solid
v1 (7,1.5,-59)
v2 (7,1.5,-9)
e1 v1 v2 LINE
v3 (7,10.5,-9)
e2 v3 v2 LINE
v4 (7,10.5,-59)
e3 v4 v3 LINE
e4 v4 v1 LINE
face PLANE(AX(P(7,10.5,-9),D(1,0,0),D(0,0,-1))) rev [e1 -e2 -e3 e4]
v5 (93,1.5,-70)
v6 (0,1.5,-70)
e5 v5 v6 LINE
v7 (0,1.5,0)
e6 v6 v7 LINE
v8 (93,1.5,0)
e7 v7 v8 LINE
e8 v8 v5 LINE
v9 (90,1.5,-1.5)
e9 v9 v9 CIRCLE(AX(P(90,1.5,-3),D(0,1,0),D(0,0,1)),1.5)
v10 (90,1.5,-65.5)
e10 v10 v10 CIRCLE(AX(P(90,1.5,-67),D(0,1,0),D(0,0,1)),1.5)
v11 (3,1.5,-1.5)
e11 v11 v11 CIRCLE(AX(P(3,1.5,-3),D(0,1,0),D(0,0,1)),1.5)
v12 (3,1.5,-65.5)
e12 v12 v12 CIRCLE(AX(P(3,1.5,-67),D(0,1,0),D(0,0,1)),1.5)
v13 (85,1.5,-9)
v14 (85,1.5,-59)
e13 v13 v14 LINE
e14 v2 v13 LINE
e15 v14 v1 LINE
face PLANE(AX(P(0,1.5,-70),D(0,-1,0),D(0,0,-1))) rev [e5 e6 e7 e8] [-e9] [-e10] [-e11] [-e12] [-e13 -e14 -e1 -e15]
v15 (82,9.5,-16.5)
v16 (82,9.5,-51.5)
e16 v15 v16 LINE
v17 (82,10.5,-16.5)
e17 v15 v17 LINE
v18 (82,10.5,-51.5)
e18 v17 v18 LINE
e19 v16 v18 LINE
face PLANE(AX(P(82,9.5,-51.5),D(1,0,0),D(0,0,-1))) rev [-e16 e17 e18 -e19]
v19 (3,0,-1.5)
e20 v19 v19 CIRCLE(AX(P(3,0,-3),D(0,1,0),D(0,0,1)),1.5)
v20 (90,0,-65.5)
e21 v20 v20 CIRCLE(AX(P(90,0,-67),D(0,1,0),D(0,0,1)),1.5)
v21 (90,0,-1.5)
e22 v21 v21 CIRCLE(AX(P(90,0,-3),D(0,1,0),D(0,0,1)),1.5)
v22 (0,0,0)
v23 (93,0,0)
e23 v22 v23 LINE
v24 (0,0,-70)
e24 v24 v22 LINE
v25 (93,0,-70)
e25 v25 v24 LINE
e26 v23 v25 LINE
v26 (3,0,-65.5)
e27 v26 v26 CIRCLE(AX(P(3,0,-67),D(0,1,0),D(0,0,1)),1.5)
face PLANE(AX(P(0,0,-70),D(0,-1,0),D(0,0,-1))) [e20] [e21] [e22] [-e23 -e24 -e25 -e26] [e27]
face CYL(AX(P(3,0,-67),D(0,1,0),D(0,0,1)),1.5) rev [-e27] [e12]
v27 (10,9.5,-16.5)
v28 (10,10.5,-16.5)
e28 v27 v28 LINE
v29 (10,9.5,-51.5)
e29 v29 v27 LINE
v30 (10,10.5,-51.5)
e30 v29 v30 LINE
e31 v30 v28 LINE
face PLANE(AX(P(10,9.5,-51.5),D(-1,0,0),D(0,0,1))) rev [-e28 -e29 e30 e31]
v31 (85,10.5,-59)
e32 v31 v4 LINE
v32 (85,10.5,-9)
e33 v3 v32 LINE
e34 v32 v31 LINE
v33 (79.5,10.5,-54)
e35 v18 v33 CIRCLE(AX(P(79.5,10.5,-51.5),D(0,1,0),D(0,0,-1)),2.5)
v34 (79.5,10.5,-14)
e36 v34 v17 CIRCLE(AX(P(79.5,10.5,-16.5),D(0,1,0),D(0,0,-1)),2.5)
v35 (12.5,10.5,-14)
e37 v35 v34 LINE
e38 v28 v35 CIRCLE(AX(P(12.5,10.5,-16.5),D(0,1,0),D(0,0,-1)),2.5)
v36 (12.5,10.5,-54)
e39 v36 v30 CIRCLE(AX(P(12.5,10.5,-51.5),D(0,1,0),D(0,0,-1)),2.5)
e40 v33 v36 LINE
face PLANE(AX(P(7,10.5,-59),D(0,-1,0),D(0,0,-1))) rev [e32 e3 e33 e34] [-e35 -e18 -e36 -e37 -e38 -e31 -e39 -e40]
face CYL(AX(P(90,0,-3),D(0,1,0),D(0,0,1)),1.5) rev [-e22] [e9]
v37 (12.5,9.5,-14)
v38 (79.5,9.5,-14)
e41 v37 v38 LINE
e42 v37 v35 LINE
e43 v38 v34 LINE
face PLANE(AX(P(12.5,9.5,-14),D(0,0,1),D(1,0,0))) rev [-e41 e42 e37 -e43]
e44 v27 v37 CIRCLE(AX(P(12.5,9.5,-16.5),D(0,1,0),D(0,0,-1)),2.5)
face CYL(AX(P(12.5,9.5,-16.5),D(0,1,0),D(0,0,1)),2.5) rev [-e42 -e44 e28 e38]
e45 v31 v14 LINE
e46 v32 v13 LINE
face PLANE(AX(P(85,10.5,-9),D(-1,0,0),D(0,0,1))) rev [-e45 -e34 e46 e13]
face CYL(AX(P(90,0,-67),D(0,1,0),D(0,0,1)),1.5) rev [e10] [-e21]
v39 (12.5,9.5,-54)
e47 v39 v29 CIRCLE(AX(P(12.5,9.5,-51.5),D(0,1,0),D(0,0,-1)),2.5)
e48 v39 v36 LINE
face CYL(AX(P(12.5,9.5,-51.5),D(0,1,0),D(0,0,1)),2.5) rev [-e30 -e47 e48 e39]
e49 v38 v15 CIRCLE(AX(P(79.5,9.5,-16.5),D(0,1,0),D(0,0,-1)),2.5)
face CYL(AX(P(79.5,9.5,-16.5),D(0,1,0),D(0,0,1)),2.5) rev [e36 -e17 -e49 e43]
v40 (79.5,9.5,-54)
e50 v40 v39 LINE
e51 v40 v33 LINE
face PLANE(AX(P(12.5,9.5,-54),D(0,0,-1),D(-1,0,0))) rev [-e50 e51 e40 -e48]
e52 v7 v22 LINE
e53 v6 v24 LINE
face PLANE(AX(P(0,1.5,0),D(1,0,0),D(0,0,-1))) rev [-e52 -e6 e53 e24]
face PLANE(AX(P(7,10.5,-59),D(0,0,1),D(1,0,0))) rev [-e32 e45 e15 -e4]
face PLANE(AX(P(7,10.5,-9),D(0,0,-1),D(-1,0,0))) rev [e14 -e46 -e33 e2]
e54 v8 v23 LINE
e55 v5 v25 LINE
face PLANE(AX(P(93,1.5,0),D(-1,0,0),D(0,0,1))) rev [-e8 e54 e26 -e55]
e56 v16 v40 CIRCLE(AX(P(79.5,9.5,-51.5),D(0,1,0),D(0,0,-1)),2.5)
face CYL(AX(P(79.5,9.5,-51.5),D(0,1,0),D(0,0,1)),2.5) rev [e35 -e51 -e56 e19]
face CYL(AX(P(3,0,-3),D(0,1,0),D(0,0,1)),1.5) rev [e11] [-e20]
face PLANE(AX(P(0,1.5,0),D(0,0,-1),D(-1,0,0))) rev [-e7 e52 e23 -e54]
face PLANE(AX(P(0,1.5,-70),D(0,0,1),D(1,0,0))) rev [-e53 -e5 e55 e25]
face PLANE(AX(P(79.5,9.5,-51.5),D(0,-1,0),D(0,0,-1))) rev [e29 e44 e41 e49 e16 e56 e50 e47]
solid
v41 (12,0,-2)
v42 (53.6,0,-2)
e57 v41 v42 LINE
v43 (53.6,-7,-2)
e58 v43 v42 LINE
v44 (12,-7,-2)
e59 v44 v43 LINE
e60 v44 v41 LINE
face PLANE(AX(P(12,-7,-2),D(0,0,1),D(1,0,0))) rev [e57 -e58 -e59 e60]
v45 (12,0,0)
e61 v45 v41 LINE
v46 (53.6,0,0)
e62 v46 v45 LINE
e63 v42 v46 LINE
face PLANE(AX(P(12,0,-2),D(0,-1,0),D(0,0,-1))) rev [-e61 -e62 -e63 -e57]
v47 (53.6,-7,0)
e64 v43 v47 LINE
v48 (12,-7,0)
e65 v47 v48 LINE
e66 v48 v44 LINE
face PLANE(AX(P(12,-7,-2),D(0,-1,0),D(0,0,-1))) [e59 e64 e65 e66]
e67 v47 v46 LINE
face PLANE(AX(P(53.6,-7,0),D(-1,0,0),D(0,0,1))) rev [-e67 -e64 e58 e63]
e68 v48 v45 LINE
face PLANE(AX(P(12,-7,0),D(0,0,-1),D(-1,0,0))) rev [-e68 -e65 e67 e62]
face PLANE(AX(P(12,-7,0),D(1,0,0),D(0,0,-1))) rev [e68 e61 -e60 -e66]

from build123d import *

# Parameters (mm, degrees)
SKETCH1_W           = 93
SKETCH1_H           = 70
BOSS_EXTRUDE1_DEPTH = 1.5
SKETCH2_W           = 78
SKETCH2_H           = 50
BOSS_EXTRUDE2_DEPTH = 9
CUT_EXTRUDE1_DEPTH  = 1
SKETCH4_R           = 1.5
CUT_EXTRUDE2_DEPTH  = 117.747590982
SKETCH5_W           = 41.6
SKETCH5_H           = 2
BOSS_EXTRUDE3_DEPTH = 7


with BuildPart() as part:
    # Sketch1 → Boss-Extrude1 (new body)
    with BuildSketch(Plane(origin=(0, 0, 0), x_dir=(1, 0, 0), z_dir=(0, 1, 0))):
        with Locations((46.5, 35)):
            Rectangle(SKETCH1_W, SKETCH1_H)
    extrude(amount=BOSS_EXTRUDE1_DEPTH)

    # Sketch2 → Boss-Extrude2 (add)
    with BuildSketch(Plane(origin=(0, 1.5, 0), x_dir=(1, 0, 0), z_dir=(0, 1, 0))):
        with Locations((46, 34)):
            Rectangle(SKETCH2_W, SKETCH2_H)
    extrude(amount=BOSS_EXTRUDE2_DEPTH)

    # Sketch3 → Cut-Extrude1 (cut)
    with BuildSketch(Plane(origin=(0, 10.5, 0), x_dir=(1, 0, 0), z_dir=(0, 1, 0))):
        with BuildLine():
            Line((12.5, 54), (79.5, 54))
            ThreePointArc((79.5, 54), (81.267766953, 53.267766953), (82, 51.5))
            Line((82, 51.5), (82, 16.5))
            ThreePointArc((82, 16.5), (81.267766953, 14.732233047), (79.5, 14))
            Line((79.5, 14), (12.5, 14))
            ThreePointArc((12.5, 14), (10.732233047, 14.732233047), (10, 16.5))
            Line((10, 16.5), (10, 51.5))
            ThreePointArc((10, 51.5), (10.732233047, 53.267766953), (12.5, 54))
        make_face()
    extrude(amount=-CUT_EXTRUDE1_DEPTH, mode=Mode.SUBTRACT)

    # Sketch4 → Cut-Extrude2 (cut, through all)
    with BuildSketch(Plane(origin=(0, 1.5, 0), x_dir=(1, 0, 0), z_dir=(0, 1, 0))):
        with Locations(Location((3, 67, 0), (0, 0, 270))):
            Circle(SKETCH4_R)
        with Locations(Location((90, 67, 0), (0, 0, 270))):
            Circle(SKETCH4_R)
        with Locations(Location((90, 3, 0), (0, 0, 270))):
            Circle(SKETCH4_R)
        with Locations(Location((3, 3, 0), (0, 0, 270))):
            Circle(SKETCH4_R)
    extrude(amount=-CUT_EXTRUDE2_DEPTH, mode=Mode.SUBTRACT)


with BuildPart() as body_2:
    # Sketch5 → Boss-Extrude3 (new body)
    with BuildSketch(Plane.XZ):
        with Locations((32.8, -1)):
            Rectangle(SKETCH5_W, SKETCH5_H)
    extrude(amount=BOSS_EXTRUDE3_DEPTH)


solid = Compound([part.part, body_2.part])
